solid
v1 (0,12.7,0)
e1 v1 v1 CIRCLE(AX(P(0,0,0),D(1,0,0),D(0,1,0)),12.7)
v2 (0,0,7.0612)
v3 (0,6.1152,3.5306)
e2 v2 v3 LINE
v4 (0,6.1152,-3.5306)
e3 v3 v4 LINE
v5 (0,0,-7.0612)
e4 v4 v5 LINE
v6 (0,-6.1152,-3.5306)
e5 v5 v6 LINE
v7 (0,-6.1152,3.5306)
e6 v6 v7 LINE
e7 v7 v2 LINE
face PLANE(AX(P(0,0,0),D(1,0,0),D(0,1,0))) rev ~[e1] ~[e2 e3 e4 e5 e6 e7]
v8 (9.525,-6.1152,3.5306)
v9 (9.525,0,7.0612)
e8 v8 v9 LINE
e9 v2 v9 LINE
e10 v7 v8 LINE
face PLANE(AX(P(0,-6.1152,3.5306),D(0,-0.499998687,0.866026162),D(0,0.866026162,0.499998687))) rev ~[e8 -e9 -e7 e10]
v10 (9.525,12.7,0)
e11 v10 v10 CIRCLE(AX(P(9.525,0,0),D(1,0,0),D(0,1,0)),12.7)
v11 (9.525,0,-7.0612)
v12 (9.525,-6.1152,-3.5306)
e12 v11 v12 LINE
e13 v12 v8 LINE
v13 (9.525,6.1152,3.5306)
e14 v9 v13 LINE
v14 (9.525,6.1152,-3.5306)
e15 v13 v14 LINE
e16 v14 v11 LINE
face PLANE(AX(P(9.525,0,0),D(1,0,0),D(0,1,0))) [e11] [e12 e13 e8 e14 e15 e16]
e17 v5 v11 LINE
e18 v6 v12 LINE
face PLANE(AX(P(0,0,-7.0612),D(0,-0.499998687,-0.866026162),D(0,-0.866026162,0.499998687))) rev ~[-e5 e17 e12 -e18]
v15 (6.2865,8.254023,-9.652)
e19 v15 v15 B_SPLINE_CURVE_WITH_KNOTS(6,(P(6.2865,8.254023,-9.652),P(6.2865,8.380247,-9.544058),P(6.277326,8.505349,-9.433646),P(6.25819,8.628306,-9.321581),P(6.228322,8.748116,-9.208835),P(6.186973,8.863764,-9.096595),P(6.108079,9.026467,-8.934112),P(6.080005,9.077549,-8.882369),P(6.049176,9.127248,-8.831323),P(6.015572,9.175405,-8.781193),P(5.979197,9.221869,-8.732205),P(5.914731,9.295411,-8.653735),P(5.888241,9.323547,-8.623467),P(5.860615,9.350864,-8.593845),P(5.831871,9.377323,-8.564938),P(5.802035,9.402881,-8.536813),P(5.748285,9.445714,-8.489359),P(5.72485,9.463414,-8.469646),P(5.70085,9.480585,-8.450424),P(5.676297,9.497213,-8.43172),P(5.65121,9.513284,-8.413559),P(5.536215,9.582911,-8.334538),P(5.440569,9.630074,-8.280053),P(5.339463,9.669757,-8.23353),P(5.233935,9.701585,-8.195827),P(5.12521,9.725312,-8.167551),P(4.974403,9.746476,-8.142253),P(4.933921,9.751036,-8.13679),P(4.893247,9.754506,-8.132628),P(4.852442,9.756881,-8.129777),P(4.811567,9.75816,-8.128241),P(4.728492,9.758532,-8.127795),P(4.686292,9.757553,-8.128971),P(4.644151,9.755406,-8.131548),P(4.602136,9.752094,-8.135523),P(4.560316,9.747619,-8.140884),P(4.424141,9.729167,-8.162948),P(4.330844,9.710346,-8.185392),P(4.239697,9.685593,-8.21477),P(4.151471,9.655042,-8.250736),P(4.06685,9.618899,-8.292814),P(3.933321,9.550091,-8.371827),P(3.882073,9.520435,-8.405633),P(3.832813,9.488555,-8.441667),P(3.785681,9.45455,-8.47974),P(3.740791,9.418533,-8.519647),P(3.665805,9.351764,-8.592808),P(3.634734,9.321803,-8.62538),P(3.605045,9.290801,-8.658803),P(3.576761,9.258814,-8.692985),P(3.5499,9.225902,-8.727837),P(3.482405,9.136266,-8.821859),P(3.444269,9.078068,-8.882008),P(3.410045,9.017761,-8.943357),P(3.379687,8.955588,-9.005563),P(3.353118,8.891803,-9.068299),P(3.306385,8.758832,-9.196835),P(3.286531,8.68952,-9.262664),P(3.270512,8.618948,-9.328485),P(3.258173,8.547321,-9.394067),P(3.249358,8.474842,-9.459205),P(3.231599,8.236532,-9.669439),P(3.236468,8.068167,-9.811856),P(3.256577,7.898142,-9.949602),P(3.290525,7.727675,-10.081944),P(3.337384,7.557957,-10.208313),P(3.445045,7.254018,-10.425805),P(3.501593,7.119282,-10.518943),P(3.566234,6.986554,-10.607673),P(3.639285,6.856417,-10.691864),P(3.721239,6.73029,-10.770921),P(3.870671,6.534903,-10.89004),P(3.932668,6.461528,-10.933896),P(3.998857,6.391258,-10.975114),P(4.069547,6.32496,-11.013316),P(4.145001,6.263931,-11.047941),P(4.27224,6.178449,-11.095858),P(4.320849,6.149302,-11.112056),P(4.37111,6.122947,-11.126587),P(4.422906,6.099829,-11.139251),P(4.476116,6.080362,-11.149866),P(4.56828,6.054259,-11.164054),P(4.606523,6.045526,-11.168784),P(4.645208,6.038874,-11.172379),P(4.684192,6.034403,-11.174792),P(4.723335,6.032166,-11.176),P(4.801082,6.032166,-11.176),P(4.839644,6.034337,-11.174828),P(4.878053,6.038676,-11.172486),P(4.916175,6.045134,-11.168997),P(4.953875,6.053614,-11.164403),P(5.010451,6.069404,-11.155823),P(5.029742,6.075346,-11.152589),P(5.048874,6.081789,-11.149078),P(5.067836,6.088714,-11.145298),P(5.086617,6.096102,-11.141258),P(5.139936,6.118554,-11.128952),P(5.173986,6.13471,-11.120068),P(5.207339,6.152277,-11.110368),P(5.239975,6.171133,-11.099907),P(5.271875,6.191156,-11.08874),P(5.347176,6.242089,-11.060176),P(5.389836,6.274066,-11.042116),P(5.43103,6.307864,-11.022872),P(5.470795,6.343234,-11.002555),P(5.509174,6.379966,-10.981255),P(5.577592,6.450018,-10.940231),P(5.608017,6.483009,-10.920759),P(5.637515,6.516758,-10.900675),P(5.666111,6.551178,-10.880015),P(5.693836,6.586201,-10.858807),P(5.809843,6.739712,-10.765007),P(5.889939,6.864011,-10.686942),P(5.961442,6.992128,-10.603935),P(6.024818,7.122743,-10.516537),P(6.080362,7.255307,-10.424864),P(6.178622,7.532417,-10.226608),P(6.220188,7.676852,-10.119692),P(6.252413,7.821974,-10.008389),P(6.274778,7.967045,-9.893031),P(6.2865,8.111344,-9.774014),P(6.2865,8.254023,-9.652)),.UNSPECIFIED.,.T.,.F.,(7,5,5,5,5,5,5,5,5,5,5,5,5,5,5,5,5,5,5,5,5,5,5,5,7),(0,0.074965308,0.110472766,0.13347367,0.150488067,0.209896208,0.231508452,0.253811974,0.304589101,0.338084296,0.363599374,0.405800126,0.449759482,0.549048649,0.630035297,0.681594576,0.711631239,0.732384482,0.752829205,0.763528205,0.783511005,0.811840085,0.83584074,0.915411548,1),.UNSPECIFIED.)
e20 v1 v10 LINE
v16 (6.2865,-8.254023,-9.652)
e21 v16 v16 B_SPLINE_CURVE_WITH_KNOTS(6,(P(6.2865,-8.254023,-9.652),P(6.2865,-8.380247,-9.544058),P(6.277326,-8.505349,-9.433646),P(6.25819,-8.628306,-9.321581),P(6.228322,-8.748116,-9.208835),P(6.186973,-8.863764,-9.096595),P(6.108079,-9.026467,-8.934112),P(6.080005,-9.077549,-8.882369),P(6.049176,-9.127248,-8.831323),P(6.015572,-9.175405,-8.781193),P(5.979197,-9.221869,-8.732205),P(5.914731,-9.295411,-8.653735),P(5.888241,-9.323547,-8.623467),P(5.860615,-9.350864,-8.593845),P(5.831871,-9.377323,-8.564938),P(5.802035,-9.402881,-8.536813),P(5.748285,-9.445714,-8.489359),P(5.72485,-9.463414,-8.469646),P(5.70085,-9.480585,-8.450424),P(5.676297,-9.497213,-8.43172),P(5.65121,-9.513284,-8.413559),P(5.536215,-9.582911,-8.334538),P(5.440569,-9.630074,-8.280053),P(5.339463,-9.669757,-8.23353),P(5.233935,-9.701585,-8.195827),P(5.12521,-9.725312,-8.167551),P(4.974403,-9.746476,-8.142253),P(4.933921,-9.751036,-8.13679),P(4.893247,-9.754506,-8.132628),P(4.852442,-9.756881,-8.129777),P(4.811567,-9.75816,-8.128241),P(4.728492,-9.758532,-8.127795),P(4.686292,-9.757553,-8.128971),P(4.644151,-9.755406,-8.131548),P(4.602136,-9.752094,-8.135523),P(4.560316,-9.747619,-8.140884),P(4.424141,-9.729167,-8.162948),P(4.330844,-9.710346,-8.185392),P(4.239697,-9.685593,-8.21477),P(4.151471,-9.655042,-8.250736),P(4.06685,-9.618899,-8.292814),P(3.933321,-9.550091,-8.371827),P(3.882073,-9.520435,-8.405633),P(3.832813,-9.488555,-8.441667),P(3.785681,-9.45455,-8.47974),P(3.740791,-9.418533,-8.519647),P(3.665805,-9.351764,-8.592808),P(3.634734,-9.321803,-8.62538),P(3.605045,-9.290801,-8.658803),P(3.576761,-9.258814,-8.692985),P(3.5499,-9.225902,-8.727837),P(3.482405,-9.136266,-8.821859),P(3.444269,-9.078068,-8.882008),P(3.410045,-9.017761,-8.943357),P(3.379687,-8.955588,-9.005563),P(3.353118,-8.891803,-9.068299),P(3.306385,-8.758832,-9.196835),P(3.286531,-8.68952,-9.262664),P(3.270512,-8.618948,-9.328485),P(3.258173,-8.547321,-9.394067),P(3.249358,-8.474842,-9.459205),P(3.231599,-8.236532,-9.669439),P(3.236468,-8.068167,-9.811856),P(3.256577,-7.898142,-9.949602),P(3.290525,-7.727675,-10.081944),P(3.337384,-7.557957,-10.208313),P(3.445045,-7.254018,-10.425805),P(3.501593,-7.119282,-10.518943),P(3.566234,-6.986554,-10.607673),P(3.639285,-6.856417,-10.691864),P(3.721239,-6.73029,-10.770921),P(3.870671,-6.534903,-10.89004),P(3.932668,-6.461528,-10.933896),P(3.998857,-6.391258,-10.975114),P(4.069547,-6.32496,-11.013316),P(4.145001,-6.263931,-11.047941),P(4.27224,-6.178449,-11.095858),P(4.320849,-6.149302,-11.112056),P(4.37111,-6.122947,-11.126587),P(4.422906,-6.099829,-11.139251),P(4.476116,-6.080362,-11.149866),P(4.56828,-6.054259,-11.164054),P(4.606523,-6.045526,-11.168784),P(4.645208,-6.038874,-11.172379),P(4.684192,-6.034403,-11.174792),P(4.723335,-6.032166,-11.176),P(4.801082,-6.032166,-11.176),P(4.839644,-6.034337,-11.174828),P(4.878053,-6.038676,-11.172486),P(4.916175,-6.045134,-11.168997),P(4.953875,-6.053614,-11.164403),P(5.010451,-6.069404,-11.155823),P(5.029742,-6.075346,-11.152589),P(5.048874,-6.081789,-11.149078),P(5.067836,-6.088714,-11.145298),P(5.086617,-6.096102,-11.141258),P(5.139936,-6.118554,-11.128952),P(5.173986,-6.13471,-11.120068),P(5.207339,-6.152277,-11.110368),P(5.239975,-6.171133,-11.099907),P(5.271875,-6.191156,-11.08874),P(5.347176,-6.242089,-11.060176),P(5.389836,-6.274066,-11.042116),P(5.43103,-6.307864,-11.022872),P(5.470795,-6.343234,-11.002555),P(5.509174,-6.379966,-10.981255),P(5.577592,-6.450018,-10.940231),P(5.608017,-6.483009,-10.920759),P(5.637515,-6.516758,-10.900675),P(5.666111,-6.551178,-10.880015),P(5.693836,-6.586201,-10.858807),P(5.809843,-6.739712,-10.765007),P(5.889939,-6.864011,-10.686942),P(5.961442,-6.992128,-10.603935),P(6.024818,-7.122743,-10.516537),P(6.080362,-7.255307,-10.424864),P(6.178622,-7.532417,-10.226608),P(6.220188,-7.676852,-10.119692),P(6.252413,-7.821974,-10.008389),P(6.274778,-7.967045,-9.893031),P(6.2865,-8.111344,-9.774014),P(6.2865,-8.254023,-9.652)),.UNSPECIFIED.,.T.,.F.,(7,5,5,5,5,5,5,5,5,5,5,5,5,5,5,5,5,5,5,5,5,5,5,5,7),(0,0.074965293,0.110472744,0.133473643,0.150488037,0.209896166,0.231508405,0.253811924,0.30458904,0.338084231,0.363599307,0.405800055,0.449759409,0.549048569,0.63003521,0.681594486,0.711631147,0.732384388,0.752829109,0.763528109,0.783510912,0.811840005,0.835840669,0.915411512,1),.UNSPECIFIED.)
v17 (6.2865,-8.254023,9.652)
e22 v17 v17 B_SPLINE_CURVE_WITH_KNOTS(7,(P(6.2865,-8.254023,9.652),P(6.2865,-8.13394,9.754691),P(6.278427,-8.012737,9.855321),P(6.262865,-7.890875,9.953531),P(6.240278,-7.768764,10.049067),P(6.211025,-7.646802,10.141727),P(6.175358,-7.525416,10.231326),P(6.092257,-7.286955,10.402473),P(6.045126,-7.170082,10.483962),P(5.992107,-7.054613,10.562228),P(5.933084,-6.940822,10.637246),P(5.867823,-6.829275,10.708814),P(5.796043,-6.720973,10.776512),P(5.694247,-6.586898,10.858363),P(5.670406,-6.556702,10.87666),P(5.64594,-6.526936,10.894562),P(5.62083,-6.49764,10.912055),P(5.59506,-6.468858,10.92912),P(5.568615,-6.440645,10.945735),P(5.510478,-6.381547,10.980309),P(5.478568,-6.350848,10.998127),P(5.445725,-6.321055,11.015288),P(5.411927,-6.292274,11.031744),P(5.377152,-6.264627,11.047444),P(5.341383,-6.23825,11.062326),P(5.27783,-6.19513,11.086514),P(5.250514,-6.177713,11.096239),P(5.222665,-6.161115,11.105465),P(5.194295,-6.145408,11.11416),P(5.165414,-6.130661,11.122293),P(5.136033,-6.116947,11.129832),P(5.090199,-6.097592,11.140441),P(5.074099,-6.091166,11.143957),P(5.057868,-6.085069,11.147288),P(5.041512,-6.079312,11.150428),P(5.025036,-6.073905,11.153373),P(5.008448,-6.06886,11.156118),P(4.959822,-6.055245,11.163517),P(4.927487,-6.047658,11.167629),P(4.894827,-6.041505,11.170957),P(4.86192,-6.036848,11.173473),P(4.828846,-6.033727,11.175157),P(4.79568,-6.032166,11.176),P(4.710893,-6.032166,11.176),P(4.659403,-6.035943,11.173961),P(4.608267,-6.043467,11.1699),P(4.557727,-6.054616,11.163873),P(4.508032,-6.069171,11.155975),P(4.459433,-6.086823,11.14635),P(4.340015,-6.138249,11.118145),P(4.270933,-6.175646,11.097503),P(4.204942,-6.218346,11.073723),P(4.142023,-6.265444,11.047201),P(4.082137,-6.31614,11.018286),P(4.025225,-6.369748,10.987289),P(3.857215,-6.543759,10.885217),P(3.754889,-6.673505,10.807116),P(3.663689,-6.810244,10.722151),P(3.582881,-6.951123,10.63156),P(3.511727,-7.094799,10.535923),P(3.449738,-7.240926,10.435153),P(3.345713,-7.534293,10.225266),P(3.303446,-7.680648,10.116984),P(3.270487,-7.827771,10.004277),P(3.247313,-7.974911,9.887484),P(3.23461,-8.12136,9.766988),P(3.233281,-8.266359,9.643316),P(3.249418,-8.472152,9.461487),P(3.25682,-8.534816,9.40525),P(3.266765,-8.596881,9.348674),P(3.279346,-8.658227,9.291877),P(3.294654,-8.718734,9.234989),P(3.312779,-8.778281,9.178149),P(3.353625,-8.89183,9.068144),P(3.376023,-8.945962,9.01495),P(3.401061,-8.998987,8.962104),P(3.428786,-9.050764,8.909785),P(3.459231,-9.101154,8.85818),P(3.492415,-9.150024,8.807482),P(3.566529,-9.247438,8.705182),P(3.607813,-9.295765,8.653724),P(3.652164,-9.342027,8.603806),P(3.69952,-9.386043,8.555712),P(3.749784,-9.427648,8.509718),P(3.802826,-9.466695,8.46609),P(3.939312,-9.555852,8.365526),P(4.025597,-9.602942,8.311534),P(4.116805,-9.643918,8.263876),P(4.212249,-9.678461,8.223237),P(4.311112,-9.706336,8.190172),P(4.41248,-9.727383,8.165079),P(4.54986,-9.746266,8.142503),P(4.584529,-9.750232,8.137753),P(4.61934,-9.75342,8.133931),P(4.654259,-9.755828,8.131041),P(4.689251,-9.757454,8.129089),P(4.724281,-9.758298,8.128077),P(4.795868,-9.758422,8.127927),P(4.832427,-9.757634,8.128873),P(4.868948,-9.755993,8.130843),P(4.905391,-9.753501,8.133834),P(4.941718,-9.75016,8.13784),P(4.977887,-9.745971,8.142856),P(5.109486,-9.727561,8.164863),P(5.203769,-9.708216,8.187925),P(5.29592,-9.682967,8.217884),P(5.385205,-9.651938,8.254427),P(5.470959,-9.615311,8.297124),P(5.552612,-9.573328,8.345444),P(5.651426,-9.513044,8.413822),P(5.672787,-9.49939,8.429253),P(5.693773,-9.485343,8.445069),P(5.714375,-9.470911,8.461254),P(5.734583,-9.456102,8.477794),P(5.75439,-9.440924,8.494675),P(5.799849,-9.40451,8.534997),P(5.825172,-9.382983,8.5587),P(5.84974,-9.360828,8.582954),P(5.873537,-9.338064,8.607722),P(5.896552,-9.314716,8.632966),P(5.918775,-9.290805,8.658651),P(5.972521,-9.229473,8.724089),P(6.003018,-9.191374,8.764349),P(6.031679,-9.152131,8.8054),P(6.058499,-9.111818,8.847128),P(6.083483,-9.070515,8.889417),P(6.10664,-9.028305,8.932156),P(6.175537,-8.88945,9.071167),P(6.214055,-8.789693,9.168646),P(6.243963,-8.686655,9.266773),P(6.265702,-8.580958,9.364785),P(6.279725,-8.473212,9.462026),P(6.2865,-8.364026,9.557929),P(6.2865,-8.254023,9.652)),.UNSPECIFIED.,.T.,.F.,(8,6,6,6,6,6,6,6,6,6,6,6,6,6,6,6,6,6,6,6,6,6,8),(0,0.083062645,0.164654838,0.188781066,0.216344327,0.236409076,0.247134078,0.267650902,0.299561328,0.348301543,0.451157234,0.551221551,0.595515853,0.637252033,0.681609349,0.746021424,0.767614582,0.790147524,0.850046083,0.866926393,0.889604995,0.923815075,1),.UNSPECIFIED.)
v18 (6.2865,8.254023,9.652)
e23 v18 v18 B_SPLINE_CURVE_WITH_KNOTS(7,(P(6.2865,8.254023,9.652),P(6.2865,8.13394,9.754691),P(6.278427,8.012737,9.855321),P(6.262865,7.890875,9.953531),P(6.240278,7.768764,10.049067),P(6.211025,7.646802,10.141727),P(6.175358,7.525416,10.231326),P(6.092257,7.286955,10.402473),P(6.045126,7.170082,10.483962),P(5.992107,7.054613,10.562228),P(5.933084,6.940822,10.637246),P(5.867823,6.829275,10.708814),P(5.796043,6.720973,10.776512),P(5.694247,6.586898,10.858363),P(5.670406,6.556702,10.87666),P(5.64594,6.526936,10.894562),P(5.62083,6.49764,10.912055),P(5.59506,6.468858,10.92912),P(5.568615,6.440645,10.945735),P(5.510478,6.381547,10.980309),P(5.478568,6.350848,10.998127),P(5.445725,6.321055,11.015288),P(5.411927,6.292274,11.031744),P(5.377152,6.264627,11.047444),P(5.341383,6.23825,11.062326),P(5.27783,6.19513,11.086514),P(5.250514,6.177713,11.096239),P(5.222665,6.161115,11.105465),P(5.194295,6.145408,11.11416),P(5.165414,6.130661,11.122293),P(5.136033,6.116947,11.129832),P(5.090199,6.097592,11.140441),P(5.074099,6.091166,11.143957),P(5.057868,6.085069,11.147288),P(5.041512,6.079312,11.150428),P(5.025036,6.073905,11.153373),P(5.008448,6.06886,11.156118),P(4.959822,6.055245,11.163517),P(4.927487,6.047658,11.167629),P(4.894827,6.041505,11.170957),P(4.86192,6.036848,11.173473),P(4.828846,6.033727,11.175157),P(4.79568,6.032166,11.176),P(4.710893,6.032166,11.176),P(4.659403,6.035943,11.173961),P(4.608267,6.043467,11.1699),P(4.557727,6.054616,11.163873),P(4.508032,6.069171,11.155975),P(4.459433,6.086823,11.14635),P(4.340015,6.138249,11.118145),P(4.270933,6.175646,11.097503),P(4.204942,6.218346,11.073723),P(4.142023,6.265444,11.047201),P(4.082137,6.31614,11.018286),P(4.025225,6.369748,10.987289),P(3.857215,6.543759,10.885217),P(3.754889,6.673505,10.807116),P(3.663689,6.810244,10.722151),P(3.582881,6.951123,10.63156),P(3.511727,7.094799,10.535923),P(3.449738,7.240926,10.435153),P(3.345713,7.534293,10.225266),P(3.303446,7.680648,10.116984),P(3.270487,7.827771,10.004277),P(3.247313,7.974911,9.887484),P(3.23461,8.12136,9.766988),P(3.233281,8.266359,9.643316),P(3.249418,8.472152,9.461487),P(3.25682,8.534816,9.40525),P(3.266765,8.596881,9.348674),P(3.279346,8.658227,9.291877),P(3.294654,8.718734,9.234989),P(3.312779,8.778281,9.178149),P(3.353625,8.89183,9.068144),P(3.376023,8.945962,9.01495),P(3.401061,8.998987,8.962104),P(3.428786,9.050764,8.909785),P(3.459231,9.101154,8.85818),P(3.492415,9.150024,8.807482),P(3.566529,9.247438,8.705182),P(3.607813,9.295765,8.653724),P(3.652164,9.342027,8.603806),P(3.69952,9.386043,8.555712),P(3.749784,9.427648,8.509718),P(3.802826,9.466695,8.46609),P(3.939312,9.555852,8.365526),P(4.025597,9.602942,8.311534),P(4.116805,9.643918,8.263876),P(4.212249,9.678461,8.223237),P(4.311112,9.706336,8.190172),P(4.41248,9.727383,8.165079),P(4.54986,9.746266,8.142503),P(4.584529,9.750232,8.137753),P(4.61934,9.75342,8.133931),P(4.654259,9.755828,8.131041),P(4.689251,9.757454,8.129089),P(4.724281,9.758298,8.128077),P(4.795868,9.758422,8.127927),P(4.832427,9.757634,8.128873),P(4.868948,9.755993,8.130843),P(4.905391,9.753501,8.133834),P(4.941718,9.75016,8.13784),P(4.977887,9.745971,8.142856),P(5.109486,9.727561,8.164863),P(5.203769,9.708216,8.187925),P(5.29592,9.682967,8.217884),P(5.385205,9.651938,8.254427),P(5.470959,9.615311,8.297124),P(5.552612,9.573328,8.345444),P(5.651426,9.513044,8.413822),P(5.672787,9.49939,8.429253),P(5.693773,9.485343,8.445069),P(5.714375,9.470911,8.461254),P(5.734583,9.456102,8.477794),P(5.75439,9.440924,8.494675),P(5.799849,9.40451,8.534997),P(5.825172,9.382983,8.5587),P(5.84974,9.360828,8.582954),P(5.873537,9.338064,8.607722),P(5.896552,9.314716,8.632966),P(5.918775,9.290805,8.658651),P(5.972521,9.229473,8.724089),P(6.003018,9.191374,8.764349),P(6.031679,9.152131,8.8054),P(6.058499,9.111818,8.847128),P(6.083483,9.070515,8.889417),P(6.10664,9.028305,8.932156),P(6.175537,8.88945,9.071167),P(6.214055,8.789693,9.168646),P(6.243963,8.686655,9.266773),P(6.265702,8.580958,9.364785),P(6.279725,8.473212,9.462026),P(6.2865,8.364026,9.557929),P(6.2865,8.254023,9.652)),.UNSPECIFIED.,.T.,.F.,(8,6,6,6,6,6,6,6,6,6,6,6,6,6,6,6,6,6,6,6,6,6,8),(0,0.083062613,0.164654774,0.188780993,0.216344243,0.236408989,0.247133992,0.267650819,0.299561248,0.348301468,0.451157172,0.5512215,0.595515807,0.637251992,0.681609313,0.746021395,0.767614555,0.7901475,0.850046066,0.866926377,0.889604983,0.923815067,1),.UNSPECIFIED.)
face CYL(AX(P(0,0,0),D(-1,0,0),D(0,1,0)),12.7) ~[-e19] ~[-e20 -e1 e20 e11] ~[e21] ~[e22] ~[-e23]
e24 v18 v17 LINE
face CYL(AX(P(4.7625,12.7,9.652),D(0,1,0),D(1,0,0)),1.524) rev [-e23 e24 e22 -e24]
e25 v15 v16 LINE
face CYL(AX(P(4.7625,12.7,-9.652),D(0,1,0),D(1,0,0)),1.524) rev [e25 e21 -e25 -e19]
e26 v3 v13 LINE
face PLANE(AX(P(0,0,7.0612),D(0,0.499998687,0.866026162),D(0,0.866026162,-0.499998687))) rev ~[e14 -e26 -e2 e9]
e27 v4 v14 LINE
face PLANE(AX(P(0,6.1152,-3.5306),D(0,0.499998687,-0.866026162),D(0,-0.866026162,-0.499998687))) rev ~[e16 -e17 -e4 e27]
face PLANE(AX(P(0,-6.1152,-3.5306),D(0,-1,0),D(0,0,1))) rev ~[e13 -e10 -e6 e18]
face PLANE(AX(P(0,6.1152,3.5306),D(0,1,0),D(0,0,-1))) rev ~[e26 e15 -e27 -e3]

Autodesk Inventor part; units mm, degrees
ref_plane "YZ Plane" through (0, 0, 0) normal (1, 0, 0) x (0, 1, 0)
ref_plane "XZ Plane" through (0, 0, 0) normal (0, 1, 0) x (-1, 0, 0)
sketch "Sketch1" plane through (0, 0, 0) normal (1, 0, 0) x (0, 1, 0)
  line L0 (0, -7.0612) -> (-6.1152, -3.5306)
  line L1 (-6.1152, -3.5306) -> (-6.1152, 3.5306)
  line L2 (-6.1152, 3.5306) -> (0, 7.0612)
  line L3 (0, 7.0612) -> (6.1152, 3.5306)
  line L4 (6.1152, 3.5306) -> (6.1152, -3.5306)
  line L5 (6.1152, -3.5306) -> (0, -7.0612)
  circle A0 centre (0, 0) radius 12.7
  dimension "d0" = 7.0612
  dimension "d1" = 25.4
extrude "Extrusion1" add sketch "Sketch1" along normal blind 9.525
ref_plane "Work Plane1" through (0, 12.7, 0) normal (0, -1, 0) x (1, 0, 0)
sketch "Sketch2" plane through (0, 12.7, 0) normal (0, -1, 0) x (1, 0, 0)
  circle A0 centre (4.7625, 9.652) radius 1.524
  circle A1 centre (4.7625, -9.652) radius 1.524
  line L0 (0, 12.7) -> (0, -12.7) projected
  point P0 (0, 0)
  dimension "d4" = 3.048
  dimension "d5" = 3.048
  dimension "d6" = 4.7625
  dimension "d7" = 4.7625
  dimension "d8" = 9.652
  dimension "d9" = 9.652
extrude "Extrusion2" cut sketch "Sketch2" along normal blind 25.4
properties part number "Hex Shaft Collar" material "Aluminum 6061"
